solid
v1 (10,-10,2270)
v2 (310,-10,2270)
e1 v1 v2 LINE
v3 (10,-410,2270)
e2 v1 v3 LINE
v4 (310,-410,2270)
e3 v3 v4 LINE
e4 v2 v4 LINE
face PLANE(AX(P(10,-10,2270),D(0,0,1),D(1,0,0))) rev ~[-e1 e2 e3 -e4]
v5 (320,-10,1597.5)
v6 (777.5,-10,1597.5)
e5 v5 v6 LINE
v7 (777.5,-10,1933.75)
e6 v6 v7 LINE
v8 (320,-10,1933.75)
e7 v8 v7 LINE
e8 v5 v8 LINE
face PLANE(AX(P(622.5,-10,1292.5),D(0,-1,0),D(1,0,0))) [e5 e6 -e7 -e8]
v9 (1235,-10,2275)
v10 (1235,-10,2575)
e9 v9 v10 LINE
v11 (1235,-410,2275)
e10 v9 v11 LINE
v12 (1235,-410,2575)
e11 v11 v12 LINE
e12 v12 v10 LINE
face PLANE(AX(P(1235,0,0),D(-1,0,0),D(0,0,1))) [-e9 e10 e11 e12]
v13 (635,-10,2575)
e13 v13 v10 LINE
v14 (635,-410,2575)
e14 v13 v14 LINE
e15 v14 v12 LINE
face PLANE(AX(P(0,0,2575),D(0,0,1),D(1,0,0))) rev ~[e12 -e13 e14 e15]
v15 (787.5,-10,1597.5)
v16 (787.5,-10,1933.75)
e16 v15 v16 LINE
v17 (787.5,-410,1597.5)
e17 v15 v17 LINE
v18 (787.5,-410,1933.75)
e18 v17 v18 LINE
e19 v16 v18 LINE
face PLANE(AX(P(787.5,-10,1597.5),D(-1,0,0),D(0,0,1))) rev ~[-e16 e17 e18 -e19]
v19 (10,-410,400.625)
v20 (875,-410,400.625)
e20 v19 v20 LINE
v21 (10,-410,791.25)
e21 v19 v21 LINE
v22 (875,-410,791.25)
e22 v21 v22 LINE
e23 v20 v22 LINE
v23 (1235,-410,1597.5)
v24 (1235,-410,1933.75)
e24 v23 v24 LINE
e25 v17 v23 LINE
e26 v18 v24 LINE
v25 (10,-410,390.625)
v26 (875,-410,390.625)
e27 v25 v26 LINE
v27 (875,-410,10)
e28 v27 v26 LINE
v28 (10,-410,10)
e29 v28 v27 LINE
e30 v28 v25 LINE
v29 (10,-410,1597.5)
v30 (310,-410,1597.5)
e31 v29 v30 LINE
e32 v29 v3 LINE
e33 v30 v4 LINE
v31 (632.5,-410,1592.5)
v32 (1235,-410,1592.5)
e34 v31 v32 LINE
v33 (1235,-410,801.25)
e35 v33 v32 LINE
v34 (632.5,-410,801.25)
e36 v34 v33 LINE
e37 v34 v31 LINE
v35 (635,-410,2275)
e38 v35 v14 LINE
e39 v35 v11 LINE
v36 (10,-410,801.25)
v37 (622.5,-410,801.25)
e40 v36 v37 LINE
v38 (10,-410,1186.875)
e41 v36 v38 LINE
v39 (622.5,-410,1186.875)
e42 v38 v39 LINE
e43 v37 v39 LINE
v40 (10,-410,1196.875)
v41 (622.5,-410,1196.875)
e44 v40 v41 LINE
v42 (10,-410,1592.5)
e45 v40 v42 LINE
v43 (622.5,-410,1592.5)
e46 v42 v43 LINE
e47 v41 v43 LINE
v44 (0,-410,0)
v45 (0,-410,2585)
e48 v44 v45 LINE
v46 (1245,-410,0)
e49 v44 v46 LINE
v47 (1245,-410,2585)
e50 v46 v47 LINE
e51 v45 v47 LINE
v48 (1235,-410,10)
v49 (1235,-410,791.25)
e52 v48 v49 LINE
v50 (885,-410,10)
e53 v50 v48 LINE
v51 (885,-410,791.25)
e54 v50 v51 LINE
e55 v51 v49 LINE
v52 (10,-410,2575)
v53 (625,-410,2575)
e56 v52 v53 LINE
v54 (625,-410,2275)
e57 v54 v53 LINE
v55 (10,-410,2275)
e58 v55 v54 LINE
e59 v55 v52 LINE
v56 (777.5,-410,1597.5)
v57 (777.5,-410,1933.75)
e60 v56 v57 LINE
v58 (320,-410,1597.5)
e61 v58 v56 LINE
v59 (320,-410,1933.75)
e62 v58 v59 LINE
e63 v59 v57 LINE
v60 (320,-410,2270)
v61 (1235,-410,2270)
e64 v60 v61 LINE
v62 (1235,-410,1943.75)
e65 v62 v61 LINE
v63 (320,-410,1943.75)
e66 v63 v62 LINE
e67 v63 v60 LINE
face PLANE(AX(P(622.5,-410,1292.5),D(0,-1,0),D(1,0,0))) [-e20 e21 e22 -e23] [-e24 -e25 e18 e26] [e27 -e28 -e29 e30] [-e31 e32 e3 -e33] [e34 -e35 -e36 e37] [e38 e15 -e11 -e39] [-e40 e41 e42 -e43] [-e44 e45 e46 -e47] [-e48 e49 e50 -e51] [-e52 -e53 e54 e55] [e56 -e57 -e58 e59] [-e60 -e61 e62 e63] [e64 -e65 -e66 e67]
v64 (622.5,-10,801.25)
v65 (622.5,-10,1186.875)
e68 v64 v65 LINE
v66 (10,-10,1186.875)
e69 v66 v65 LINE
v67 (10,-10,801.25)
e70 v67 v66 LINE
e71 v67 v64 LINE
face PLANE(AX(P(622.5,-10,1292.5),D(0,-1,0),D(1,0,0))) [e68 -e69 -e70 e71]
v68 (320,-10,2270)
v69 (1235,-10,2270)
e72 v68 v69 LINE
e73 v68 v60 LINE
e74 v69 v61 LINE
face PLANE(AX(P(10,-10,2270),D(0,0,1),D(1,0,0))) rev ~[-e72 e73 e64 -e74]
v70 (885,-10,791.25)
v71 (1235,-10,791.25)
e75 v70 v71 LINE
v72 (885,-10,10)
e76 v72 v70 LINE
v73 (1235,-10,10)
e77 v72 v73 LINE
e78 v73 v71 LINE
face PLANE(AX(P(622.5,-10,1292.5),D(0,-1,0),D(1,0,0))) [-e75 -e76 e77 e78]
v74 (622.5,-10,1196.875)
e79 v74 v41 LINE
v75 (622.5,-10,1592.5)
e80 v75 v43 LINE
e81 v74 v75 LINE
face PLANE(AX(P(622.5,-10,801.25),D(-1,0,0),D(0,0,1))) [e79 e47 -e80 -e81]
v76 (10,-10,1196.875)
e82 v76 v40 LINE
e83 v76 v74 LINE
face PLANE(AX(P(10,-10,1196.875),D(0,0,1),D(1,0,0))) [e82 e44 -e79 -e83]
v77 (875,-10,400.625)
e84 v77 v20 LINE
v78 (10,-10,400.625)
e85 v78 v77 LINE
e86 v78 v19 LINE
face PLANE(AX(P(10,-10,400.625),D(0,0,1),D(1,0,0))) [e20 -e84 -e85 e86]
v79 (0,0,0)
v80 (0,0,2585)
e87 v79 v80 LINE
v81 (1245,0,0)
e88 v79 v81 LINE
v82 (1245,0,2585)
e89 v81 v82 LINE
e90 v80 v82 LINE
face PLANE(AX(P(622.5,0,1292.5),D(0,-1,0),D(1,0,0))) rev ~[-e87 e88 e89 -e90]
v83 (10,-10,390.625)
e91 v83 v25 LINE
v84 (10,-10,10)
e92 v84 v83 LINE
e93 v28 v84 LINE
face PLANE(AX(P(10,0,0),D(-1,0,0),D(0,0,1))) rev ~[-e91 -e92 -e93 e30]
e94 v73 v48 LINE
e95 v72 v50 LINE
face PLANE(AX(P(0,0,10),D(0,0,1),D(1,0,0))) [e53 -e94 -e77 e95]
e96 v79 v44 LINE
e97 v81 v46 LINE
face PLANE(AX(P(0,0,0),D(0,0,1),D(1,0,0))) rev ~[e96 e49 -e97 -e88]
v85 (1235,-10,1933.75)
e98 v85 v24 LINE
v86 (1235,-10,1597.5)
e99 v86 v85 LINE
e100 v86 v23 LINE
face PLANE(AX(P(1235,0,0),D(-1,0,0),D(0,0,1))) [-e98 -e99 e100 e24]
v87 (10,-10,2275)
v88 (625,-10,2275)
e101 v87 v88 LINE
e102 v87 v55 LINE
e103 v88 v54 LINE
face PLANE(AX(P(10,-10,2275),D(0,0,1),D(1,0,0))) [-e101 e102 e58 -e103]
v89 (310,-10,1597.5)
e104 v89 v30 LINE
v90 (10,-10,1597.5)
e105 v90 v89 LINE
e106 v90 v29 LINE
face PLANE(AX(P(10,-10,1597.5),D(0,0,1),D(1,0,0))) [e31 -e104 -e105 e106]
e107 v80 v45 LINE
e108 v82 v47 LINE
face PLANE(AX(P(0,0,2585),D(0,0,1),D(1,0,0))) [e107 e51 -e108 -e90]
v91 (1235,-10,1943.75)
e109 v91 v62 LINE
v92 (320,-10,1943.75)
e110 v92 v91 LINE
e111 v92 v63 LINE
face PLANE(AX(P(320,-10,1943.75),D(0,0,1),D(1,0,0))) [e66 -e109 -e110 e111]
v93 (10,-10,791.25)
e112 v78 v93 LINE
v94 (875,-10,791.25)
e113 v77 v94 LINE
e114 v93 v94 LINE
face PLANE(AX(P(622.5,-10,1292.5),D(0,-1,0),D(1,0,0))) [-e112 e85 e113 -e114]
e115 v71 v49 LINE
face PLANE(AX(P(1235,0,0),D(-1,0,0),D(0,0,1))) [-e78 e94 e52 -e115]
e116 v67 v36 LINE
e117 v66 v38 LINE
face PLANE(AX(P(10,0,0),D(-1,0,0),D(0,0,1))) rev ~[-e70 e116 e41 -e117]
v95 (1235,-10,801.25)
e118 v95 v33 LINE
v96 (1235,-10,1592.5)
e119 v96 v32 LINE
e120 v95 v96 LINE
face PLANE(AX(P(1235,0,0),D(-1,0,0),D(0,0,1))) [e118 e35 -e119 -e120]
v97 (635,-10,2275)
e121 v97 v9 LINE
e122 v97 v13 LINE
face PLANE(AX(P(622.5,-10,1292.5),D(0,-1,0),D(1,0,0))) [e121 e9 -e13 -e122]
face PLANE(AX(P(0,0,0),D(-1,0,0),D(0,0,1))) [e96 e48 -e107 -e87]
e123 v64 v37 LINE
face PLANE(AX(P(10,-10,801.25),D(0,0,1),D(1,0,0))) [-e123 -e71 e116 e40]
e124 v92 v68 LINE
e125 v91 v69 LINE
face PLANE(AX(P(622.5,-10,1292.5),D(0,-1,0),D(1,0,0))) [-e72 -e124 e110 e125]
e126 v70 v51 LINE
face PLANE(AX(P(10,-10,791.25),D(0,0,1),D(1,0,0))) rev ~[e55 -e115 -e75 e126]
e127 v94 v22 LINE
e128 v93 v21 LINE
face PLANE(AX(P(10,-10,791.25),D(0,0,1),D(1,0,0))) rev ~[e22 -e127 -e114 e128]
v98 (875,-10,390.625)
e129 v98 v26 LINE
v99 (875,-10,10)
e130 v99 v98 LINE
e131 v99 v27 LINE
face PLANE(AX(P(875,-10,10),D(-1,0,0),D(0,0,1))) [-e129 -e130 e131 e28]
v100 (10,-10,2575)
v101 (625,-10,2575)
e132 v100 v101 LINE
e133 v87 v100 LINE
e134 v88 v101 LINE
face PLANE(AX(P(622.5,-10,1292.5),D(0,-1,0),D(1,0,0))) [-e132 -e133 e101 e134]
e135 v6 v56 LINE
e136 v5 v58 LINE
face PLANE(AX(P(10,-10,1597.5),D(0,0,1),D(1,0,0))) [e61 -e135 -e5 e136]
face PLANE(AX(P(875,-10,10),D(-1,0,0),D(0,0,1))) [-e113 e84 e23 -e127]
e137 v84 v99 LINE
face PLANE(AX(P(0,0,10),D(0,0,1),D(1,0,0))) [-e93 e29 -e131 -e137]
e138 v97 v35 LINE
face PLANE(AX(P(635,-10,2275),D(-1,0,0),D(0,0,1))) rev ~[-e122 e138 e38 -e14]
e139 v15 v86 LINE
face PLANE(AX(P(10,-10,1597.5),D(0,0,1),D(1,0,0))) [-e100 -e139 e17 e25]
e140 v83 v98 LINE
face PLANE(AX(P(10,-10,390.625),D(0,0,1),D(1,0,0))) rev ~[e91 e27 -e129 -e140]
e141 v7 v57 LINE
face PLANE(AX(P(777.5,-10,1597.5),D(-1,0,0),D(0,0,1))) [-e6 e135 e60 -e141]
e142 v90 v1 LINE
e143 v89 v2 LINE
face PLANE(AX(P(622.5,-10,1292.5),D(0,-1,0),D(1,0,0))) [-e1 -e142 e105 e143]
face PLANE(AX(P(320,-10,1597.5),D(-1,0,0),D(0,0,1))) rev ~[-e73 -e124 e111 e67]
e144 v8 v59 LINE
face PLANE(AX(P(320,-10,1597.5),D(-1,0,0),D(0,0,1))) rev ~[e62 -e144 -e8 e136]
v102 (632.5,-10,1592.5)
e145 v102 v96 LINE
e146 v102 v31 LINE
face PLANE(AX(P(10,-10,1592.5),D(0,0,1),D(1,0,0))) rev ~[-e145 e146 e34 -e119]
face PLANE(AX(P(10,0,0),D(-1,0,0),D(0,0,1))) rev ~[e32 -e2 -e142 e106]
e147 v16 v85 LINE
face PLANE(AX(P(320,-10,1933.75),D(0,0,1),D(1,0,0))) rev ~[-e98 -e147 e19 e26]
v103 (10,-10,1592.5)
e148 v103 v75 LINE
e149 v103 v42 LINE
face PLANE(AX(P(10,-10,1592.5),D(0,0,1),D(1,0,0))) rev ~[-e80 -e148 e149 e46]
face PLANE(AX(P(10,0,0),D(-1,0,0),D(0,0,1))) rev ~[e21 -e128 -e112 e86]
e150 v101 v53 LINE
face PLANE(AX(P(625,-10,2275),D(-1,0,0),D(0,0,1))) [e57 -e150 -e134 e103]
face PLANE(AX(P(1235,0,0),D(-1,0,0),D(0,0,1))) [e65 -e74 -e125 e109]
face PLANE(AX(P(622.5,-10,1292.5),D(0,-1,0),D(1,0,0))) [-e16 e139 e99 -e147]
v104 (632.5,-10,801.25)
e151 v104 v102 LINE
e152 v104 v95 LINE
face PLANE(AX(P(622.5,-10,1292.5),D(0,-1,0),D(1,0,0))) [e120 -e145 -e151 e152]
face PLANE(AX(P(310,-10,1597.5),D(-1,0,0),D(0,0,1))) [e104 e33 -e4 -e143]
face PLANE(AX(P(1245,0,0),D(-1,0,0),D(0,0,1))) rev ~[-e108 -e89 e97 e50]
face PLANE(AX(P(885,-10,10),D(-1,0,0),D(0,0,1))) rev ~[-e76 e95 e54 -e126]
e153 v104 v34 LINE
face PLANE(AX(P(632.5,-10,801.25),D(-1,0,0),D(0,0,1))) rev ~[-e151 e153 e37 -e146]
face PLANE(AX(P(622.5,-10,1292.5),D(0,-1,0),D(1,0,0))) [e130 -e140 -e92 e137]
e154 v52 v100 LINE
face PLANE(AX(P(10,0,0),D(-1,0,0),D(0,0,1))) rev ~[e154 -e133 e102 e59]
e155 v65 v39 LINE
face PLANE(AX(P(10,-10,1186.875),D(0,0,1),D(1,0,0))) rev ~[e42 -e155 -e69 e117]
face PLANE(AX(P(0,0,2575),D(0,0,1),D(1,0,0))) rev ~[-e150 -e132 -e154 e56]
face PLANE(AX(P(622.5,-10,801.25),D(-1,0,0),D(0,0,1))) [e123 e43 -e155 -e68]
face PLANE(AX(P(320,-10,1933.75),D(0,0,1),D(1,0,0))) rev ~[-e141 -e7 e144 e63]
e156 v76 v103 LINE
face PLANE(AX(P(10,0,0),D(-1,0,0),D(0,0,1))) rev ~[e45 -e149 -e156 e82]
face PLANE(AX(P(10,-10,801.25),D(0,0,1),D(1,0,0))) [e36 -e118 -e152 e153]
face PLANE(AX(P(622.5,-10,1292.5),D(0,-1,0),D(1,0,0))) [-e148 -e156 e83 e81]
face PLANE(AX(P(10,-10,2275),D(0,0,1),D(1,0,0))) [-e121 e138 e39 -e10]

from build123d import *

# Parameters (mm, degrees)
F0_W      = 1245
F0_H      = 2585
F1_DEPTH  = 410
F2_T      = -10
F3_W      = 1225
F3_H      = 5
F4_DEPTH  = 400
F5_W      = 10
F5_H      = 672.5
F6_DEPTH  = 400
F7_W      = 915
F7_H      = 10
F8_DEPTH  = 400
F9_W      = 10
F9_H      = 300
F10_DEPTH = 400
F11_W     = 10
F11_H     = 336.25
F12_DEPTH = 400
F13_W     = 1225
F13_H     = 10
F14_DEPTH = 400
F15_W     = 10
F15_H     = 791.25
F16_DEPTH = 400
F17_W     = 612.5
F17_H     = 10
F18_DEPTH = 400
F19_W     = 10
F19_H     = 781.25
F20_DEPTH = 400
F21_W     = 865
F21_H     = 10
F22_DEPTH = 400


with BuildPart() as f1:
    # F0 (on Front) → F1 (new body)
    with BuildSketch(Plane.XZ):
        with Locations((622.5, 1292.5)):
            Rectangle(F0_W, F0_H)
    extrude(amount=F1_DEPTH)

    # F2
    f2_openings = [f1.faces().sort_by_distance(p)[0] for p in [
        (622.5, -410, 1292.5),
    ]]
    offset(amount=F2_T, openings=f2_openings)

    # F3 (on face) → F4 (join)
    with BuildSketch(Plane.XZ.offset(10)):
        with Locations((622.5, 2272.5)):
            Rectangle(F3_W, F3_H)
        with Locations((622.5, 1595)):
            Rectangle(F3_W, F3_H)
    extrude(amount=F4_DEPTH)

    # F5 (on face) → F6 (join)
    with BuildSketch(Plane.XZ.offset(10)):
        with Locations((315, 1933.75)):
            Rectangle(F5_W, F5_H)
    extrude(amount=F6_DEPTH)

    # F7 (on face) → F8 (join)
    with BuildSketch(Plane.XZ.offset(10)):
        with Locations((777.5, 1938.75)):
            Rectangle(F7_W, F7_H)
    extrude(amount=F8_DEPTH)

    # F9 (on face) → F10 (join)
    with BuildSketch(Plane.XZ.offset(10)):
        with Locations((630, 2425)):
            Rectangle(F9_W, F9_H)
    extrude(amount=F10_DEPTH)

    # F11 (on face) → F12 (join)
    with BuildSketch(Plane.XZ.offset(10)):
        with Locations((782.5, 1765.625)):
            Rectangle(F11_W, F11_H)
    extrude(amount=F12_DEPTH)

    # F13 (on face) → F14 (join)
    with BuildSketch(Plane.XZ.offset(10)):
        with Locations((622.5, 796.25)):
            Rectangle(F13_W, F13_H)
    extrude(amount=F14_DEPTH)

    # F15 (on face) → F16 (join)
    with BuildSketch(Plane.XZ.offset(10)):
        with Locations((627.5, 1196.875)):
            Rectangle(F15_W, F15_H)
    extrude(amount=F16_DEPTH)

    # F17 (on face) → F18 (join)
    with BuildSketch(Plane.XZ.offset(10)):
        with Locations((316.25, 1191.875)):
            Rectangle(F17_W, F17_H)
    extrude(amount=F18_DEPTH)

    # F19 (on face) → F20 (join)
    with BuildSketch(Plane.XZ.offset(10)):
        with Locations((880, 400.625)):
            Rectangle(F19_W, F19_H)
    extrude(amount=F20_DEPTH)

    # F21 (on face) → F22 (join)
    with BuildSketch(Plane.XZ.offset(10)):
        with Locations((442.5, 395.625)):
            Rectangle(F21_W, F21_H)
    extrude(amount=F22_DEPTH)


solid = f1.part
